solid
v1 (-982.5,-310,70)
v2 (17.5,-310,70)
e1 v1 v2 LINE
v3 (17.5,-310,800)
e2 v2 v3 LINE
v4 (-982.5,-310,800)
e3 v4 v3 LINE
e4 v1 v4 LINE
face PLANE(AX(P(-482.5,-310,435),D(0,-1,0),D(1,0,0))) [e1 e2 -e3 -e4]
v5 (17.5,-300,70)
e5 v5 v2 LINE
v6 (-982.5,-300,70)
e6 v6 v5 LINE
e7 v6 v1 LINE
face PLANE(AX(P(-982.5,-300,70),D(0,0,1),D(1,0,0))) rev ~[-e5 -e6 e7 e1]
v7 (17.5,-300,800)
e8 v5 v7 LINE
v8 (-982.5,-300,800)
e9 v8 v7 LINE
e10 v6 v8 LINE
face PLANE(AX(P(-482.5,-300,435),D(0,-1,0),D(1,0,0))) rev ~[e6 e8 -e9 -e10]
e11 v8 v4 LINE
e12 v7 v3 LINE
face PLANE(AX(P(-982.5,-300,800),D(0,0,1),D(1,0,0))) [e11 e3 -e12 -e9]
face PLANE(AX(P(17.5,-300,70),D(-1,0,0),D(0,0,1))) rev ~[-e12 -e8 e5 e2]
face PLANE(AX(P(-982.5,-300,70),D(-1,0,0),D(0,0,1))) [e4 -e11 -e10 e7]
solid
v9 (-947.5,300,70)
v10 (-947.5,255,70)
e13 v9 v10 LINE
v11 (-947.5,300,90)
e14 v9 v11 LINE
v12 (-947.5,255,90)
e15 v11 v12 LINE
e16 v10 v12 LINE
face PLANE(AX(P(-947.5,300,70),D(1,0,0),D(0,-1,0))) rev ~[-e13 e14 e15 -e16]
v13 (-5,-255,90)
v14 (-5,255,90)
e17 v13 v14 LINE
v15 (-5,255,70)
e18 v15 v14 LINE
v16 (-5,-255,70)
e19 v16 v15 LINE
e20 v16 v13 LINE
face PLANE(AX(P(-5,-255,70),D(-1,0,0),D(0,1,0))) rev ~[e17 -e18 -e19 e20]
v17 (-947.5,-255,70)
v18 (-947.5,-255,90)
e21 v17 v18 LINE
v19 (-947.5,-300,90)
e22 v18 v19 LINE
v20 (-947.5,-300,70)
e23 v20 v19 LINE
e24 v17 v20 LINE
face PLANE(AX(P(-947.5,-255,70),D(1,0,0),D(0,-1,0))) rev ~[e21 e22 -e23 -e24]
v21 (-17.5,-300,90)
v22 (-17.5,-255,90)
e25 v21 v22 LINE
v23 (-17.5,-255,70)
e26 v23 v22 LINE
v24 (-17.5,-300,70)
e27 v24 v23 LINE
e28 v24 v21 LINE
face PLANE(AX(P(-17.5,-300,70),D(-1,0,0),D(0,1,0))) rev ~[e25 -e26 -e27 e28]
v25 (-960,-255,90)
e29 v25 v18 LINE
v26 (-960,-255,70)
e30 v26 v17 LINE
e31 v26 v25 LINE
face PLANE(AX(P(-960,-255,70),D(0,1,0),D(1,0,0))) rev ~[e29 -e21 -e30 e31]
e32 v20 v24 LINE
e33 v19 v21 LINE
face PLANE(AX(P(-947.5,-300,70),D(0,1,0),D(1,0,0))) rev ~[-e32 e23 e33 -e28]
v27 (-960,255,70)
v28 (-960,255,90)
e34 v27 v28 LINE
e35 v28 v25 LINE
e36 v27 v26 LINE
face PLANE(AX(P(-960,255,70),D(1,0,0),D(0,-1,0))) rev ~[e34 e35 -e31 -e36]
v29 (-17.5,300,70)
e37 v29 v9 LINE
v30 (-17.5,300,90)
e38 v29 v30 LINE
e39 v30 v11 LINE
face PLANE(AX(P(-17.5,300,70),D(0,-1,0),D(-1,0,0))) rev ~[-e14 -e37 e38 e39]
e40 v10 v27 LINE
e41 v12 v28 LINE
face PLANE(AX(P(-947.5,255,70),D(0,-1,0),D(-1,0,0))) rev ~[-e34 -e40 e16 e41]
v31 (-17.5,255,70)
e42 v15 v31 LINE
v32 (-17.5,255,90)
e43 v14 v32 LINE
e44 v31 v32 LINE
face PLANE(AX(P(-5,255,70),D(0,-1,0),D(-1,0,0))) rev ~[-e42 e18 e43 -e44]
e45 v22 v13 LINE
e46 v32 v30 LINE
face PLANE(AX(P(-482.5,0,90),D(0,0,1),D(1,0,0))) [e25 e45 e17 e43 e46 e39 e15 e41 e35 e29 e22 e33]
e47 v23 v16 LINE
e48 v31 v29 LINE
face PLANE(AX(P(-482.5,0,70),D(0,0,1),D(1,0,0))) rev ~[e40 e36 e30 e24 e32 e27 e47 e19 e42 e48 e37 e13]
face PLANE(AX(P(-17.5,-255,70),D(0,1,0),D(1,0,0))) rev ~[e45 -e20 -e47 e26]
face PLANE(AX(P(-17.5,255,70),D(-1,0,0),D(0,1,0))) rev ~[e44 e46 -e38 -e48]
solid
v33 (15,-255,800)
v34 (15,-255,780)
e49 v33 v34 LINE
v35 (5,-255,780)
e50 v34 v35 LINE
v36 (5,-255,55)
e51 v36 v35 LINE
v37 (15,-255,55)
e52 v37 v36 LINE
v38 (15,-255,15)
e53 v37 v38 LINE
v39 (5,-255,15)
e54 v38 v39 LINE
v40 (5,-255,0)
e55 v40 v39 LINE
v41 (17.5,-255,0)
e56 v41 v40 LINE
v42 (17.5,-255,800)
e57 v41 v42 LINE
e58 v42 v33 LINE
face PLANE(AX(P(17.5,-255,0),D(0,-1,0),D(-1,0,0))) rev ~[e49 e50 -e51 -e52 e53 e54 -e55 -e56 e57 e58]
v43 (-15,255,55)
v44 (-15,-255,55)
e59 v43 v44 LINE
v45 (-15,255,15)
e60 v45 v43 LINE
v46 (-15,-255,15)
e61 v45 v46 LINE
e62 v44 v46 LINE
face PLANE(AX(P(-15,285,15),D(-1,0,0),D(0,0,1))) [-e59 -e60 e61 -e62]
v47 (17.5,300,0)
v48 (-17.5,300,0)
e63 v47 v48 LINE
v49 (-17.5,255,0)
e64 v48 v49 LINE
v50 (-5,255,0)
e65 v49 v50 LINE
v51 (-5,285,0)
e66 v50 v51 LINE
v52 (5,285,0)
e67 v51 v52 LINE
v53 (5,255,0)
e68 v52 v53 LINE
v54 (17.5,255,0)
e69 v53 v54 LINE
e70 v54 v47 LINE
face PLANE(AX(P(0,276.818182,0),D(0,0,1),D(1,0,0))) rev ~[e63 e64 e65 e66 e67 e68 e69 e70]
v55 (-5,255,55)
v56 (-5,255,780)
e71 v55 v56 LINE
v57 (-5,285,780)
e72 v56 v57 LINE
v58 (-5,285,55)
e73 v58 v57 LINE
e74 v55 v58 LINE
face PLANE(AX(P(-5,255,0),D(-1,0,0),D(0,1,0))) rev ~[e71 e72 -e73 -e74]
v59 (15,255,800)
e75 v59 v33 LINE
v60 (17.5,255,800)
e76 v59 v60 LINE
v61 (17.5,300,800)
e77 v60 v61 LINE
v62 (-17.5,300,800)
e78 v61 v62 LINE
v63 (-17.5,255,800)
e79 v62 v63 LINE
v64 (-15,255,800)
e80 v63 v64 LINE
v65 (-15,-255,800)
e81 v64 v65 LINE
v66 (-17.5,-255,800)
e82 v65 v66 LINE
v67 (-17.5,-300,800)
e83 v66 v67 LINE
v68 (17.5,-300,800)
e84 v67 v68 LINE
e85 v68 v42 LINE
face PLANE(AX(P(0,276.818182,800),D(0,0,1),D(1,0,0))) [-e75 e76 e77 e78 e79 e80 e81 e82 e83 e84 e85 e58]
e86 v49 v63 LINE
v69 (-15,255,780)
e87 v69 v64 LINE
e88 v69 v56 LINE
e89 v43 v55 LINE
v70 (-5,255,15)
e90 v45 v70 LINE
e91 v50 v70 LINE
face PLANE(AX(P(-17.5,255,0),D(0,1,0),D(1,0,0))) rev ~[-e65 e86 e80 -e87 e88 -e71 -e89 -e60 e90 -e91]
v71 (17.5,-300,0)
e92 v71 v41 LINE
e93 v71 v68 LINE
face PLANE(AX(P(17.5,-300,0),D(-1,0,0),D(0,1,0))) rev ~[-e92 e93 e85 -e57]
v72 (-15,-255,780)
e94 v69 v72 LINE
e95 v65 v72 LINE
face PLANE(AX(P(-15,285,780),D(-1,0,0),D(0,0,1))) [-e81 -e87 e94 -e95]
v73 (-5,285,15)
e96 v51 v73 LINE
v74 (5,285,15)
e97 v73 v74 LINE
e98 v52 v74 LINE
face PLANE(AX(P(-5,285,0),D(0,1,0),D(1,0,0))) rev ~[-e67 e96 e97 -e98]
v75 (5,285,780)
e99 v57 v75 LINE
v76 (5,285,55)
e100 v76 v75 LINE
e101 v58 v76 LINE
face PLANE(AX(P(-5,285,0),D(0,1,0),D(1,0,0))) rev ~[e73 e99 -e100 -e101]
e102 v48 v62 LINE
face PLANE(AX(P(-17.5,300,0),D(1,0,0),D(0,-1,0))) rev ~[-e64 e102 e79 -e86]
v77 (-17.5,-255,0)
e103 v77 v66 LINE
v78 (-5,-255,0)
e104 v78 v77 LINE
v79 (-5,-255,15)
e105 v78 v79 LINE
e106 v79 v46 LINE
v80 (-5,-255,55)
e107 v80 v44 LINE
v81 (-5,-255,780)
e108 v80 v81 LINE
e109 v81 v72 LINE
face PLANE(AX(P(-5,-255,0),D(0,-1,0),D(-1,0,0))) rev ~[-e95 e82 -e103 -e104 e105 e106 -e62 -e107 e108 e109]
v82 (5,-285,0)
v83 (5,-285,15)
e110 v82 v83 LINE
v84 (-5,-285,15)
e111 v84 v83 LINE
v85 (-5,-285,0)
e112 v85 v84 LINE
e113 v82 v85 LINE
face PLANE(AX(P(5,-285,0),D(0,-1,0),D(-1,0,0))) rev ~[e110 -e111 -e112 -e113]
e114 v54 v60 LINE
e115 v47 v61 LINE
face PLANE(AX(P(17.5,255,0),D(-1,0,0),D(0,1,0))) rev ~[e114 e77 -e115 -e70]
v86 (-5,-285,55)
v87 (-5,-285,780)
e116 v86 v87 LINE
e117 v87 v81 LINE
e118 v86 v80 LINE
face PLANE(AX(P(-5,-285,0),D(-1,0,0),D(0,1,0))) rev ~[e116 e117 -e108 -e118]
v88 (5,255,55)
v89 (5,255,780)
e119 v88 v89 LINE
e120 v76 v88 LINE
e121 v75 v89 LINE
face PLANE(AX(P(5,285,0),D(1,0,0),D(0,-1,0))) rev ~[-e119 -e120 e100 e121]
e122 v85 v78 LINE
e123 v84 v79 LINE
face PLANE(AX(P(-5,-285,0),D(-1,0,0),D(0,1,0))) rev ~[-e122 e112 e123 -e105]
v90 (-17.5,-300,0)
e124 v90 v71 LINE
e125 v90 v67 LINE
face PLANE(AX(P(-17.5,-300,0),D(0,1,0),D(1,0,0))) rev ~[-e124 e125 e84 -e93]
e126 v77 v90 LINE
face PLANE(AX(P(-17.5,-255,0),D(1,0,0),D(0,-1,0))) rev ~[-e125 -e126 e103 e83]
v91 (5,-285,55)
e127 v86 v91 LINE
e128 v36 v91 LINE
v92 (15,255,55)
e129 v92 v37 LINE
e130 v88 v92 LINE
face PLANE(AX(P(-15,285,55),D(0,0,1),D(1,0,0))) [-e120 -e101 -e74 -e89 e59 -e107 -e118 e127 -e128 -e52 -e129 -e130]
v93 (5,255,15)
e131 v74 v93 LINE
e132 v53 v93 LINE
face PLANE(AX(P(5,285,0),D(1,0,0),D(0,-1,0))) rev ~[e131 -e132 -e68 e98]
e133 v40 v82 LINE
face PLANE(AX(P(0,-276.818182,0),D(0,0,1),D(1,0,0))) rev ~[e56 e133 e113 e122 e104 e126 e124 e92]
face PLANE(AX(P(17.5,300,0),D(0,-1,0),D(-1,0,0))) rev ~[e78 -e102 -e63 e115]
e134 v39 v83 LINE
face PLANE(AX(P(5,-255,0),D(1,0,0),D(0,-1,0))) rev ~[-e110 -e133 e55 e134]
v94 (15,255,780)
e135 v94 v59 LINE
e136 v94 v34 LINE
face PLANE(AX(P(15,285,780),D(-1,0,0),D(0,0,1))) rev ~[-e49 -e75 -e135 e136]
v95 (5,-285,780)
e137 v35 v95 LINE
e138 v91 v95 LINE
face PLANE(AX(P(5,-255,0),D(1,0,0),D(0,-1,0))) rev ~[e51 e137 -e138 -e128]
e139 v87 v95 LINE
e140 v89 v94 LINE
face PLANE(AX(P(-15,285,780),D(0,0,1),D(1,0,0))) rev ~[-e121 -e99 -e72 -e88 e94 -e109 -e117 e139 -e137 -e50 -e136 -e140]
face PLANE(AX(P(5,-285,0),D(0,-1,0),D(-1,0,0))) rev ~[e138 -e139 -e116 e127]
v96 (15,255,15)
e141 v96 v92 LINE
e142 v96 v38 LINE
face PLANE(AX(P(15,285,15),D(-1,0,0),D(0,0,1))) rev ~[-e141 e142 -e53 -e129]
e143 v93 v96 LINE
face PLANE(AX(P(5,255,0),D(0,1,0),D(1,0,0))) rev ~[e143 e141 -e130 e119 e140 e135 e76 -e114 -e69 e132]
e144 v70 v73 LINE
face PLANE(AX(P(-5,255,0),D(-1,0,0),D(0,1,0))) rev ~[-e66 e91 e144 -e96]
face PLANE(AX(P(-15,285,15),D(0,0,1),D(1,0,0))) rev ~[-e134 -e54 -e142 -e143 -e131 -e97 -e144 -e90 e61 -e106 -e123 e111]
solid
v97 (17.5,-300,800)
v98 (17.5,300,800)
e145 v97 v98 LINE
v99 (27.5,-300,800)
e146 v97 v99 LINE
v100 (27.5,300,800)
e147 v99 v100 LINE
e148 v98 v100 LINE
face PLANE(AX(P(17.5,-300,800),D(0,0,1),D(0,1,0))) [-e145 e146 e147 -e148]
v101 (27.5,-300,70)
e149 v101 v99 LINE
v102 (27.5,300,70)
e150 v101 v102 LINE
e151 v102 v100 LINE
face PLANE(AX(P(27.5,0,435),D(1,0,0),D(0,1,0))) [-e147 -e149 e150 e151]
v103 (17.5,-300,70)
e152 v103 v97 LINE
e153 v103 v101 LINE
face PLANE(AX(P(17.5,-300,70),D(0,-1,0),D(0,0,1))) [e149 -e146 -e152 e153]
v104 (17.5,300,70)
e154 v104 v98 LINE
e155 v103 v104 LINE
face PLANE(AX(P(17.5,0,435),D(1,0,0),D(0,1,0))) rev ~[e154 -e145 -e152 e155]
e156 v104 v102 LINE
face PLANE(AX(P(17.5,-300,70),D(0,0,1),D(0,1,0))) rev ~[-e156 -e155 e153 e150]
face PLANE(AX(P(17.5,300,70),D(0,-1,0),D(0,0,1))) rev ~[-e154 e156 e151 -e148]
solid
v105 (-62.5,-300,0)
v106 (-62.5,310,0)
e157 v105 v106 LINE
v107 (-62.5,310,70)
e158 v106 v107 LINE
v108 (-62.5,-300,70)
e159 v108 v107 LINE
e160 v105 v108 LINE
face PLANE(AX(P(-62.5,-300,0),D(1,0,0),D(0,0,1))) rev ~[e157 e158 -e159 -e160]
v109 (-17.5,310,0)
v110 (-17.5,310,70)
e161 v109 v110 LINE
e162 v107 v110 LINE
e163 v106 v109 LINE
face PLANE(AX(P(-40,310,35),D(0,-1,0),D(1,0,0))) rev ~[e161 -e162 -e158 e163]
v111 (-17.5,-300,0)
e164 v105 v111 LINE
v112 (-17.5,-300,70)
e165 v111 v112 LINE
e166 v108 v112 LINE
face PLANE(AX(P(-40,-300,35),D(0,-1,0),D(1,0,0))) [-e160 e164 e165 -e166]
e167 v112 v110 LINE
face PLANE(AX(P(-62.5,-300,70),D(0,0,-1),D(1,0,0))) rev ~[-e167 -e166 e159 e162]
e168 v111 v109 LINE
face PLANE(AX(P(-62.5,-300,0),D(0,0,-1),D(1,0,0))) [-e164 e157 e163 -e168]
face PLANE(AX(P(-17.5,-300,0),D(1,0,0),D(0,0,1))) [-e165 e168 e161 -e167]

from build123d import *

# Parameters (mm, degrees)
F1_DEPTH  = 800
F2_W      = 30
F2_H      = 20
F2_H_2    = 40
F3_DEPTH  = 570
F4_W      = 45
F4_H      = 70
F5_DEPTH  = 610
F6_W      = 1000
F6_H      = 730
F7_DEPTH  = 10
F8_W      = 600
F8_H      = 730
F9_DEPTH  = 10
F11_DEPTH = 20


with BuildPart() as f1:
    # F0 (on Top) → F1 (new body)
    with BuildSketch(Plane.XY):
        Polygon((17.5, 300), (-17.5, 300), (-17.5, 255), (-5, 255), (-5, 285), (5, 285), (5, 255), (17.5, 255), align=None)
        Polygon((-5, -255), (-17.5, -255), (-17.5, -300), (17.5, -300), (17.5, -255), (5, -255), (5, -285), (-5, -285), align=None)
    extrude(amount=F1_DEPTH)

    # F2 (on face) → F3 (join, through all)
    with BuildSketch(Plane.XZ.offset(-285)):
        with Locations((0, 790)):
            Rectangle(F2_W, F2_H)
        with Locations((0, 35)):
            Rectangle(F2_W, F2_H_2)
    extrude(amount=F3_DEPTH)


with BuildPart() as f5:
    # F4 (on face) → F5 (new body)
    with BuildSketch(Plane.XZ.offset(300)):
        with Locations((-40, 35)):
            Rectangle(F4_W, F4_H)
    extrude(amount=-F5_DEPTH)


with BuildPart() as f7:
    # F6 (on face) → F7 (new body)
    with BuildSketch(Plane.XZ.offset(300)):
        with Locations((-482.5, 435)):
            Rectangle(F6_W, F6_H)
    extrude(amount=F7_DEPTH)


with BuildPart() as f9:
    # F8 (on face) → F9 (new body)
    with BuildSketch(Plane.YZ.offset(17.5)):
        with Locations((0, 435)):
            Rectangle(F8_W, F8_H)
    extrude(amount=F9_DEPTH)


with BuildPart() as f11:
    # F10 (on face) → F11 (new body)
    with BuildSketch(Plane.XY.offset(70)):
        Polygon((-17.5, -255), (-5, -255), (-5, 255), (-17.5, 255), (-17.5, 300), (-947.5, 300), (-947.5, 255), (-960, 255), (-960, -255), (-947.5, -255), (-947.5, -300), (-17.5, -300), align=None)
    extrude(amount=F11_DEPTH)


solid = Compound([f1.part, f5.part, f7.part, f9.part, f11.part])
